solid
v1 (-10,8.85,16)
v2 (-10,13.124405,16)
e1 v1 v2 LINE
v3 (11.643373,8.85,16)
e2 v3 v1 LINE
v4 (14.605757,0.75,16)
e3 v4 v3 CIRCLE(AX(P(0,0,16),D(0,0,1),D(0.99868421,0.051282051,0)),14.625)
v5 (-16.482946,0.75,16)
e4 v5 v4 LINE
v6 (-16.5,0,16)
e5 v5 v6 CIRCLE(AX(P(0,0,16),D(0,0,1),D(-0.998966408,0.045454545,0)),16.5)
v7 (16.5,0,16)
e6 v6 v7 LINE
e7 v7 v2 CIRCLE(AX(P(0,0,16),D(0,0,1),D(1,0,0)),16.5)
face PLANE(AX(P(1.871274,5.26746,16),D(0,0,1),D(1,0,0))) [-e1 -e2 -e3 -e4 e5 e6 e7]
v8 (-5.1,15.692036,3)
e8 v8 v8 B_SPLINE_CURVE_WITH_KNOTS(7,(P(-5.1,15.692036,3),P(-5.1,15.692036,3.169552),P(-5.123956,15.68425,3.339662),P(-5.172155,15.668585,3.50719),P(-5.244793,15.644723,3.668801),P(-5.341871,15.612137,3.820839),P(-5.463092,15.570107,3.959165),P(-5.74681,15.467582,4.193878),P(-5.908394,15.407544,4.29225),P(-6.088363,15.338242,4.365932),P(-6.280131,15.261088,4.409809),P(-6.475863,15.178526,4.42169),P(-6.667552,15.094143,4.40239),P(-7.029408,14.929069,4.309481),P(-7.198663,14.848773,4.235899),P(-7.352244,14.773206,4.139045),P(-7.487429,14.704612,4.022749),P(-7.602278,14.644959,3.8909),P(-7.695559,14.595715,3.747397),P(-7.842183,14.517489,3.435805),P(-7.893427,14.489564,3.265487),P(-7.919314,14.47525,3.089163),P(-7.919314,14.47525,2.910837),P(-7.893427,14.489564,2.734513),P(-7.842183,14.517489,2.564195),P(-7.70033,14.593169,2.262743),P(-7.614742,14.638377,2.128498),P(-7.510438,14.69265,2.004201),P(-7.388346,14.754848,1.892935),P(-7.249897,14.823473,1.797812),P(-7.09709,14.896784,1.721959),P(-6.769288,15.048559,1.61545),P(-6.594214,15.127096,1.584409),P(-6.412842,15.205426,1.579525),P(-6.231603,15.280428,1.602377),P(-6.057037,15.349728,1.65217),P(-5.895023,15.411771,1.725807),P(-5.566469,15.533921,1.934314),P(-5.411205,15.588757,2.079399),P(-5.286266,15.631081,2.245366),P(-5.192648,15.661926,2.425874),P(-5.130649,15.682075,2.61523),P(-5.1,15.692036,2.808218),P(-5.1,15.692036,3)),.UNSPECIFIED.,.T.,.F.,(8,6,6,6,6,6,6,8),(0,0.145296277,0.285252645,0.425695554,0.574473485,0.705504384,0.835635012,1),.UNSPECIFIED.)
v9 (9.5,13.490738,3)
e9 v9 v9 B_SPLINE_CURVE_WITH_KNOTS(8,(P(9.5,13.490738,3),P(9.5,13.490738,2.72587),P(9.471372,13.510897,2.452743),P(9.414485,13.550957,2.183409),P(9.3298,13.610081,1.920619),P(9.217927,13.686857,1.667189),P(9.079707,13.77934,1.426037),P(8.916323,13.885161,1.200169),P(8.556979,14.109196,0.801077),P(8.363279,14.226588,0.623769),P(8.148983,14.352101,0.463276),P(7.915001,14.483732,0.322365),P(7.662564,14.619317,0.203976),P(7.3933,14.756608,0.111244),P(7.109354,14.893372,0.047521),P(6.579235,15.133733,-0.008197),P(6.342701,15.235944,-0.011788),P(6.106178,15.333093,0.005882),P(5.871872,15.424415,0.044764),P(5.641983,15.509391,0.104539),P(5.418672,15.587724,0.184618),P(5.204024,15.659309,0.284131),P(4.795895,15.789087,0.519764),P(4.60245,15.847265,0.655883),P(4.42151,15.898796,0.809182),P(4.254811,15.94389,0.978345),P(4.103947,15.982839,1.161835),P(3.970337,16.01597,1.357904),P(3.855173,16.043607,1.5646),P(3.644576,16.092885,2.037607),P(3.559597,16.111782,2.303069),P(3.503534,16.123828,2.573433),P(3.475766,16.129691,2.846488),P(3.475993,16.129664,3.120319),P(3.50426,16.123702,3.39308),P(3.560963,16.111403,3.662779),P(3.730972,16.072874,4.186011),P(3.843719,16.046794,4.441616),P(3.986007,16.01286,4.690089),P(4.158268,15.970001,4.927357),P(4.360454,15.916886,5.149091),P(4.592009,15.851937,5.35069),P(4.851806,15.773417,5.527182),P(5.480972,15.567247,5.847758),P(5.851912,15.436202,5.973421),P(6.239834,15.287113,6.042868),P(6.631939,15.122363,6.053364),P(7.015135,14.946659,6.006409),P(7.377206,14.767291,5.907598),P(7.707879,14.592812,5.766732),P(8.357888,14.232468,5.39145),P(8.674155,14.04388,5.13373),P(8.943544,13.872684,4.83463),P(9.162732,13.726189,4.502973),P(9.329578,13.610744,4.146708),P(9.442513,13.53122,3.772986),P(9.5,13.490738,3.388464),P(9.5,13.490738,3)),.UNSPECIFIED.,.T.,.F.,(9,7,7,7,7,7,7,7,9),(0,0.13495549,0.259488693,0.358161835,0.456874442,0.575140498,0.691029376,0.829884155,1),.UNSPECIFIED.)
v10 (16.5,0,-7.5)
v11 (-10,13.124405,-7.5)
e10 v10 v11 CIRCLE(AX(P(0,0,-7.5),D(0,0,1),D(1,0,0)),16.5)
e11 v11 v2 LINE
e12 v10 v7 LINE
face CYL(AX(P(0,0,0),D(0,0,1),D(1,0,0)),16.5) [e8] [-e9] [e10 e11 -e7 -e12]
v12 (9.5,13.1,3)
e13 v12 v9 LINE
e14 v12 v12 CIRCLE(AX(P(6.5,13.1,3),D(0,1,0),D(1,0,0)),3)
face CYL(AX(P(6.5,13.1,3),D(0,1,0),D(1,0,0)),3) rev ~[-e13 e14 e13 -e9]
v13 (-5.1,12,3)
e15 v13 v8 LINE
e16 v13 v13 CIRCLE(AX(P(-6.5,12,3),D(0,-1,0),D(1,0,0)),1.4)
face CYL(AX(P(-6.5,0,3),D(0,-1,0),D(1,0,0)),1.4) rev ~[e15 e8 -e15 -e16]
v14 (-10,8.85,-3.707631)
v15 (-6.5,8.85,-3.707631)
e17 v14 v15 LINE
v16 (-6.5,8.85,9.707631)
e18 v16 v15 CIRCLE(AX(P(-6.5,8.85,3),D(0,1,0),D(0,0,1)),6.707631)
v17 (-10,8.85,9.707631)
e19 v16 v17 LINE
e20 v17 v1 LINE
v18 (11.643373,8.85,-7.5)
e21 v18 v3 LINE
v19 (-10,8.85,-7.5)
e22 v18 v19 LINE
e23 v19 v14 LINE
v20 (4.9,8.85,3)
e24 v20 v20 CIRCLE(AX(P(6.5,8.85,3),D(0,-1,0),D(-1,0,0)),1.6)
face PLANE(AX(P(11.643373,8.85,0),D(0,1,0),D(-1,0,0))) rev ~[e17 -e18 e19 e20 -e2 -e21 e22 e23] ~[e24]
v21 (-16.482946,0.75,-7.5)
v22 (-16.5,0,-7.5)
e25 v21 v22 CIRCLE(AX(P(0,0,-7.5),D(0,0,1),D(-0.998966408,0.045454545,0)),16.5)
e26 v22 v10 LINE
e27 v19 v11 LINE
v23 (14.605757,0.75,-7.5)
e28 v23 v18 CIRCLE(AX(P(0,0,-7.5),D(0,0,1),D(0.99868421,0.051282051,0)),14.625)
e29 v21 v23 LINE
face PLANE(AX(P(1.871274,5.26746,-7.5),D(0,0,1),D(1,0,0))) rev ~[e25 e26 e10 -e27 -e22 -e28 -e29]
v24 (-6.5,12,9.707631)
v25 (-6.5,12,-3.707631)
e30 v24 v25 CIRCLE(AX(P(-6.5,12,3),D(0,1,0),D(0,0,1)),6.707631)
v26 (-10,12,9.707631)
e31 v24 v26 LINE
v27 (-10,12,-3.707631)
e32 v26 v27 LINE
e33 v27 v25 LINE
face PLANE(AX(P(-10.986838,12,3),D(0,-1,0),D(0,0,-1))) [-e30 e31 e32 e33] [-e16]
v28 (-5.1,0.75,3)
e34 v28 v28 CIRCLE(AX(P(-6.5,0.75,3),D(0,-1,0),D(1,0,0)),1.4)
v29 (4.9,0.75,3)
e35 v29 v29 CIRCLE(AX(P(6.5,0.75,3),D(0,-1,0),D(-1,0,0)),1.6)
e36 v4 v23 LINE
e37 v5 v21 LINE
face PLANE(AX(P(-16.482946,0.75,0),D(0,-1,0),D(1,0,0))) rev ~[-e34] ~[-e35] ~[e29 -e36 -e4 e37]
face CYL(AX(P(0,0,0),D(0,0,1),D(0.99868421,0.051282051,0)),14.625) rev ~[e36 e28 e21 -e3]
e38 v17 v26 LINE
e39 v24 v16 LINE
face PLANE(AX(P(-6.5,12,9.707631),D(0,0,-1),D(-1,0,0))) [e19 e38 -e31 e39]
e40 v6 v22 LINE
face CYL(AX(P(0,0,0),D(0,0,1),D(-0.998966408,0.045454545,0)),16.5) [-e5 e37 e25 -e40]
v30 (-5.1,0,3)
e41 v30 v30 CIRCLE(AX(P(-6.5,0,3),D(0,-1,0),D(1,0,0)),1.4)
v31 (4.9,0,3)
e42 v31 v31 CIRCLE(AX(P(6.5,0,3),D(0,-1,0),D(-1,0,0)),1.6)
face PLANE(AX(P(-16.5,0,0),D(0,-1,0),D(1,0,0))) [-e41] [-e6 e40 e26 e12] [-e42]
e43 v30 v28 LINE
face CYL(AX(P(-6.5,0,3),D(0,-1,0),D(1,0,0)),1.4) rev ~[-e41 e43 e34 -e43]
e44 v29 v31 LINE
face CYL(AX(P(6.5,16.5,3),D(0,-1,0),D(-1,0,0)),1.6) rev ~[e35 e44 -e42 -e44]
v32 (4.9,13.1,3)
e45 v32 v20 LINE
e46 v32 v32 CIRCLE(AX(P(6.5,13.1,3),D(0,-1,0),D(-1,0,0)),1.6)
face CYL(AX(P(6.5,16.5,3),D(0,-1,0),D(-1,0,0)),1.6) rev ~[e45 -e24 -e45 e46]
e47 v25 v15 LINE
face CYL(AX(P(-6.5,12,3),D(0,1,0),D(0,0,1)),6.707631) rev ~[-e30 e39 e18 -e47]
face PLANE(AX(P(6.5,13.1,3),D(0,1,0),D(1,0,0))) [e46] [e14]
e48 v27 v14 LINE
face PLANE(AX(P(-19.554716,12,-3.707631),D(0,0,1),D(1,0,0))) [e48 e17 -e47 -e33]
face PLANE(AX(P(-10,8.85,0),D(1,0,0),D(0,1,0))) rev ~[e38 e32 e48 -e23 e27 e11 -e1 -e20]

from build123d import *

# Parameters (mm, degrees)
PAD009_DEPTH      = 16
PAD009_DEPTH_BACK = 7.5
POCKET_DEPTH      = 8
HOLE_D            = 3.2
HOLE_DEPTH        = 25
HOLE_CBORE_D      = 6
HOLE_CBORE_DEPTH  = 3.4
SKETCH045_R       = 1.4
POCKET016_DEPTH   = 16


with BuildPart() as part:
    # Sketch → Pad009 (new body, two sides)
    with BuildSketch(Plane.XY) as pad009_sk:
        with BuildLine():
            Line((-16.5, 0), (16.5, 0))
            ThreePointArc((16.5, 0), (7.3229092579, 14.7859730826), (-10, 13.1244047484))
            Line((-10, 8.85), (-10, 13.1244047484))
            Line((11.6433725784, 8.85), (-10, 8.85))
            ThreePointArc((14.6057565706, 0.75), (13.7352355375, 5.0233385044), (11.6433725784, 8.85))
            Line((-16.4829457319, 0.75), (14.6057565706, 0.75))
            ThreePointArc((-16.4829457319, 0.75), (-16.495735882, 0.3750969368), (-16.5, 0))
        make_face()
    extrude(amount=PAD009_DEPTH)
    extrude(pad009_sk.sketch, amount=-PAD009_DEPTH_BACK)

    # Sketch033 (on DatumPlane) → Pocket (cut)
    with BuildSketch(Plane.ZX.offset(12)):
        with BuildLine():
            Line((9.707631, -19.5547157413), (-3.707631, -19.5547157413))
            Line((-3.707631, -19.5547157413), (-3.707631, -6.5))
            ThreePointArc((9.707631, -6.5), (3, 0.207631), (-3.707631, -6.5))
            Line((9.707631, -6.5), (9.707631, -19.5547157413))
        make_face()
    extrude(amount=-POCKET_DEPTH, mode=Mode.SUBTRACT)

    # Hole
    with Locations(Plane(origin=(0, 16.5, 0), x_dir=(1, 0, 0), z_dir=(0, 1, 0))):
        with Locations((6.5, -3)):
            CounterBoreHole(HOLE_D / 2, HOLE_CBORE_D / 2, HOLE_CBORE_DEPTH, depth=HOLE_DEPTH)

    # Sketch045 → Pocket016 (cut)
    with BuildSketch(Plane.XZ):
        with Locations((-6.5, 3)):
            Circle(SKETCH045_R)
    extrude(amount=-POCKET016_DEPTH, mode=Mode.SUBTRACT)


solid = part.part
